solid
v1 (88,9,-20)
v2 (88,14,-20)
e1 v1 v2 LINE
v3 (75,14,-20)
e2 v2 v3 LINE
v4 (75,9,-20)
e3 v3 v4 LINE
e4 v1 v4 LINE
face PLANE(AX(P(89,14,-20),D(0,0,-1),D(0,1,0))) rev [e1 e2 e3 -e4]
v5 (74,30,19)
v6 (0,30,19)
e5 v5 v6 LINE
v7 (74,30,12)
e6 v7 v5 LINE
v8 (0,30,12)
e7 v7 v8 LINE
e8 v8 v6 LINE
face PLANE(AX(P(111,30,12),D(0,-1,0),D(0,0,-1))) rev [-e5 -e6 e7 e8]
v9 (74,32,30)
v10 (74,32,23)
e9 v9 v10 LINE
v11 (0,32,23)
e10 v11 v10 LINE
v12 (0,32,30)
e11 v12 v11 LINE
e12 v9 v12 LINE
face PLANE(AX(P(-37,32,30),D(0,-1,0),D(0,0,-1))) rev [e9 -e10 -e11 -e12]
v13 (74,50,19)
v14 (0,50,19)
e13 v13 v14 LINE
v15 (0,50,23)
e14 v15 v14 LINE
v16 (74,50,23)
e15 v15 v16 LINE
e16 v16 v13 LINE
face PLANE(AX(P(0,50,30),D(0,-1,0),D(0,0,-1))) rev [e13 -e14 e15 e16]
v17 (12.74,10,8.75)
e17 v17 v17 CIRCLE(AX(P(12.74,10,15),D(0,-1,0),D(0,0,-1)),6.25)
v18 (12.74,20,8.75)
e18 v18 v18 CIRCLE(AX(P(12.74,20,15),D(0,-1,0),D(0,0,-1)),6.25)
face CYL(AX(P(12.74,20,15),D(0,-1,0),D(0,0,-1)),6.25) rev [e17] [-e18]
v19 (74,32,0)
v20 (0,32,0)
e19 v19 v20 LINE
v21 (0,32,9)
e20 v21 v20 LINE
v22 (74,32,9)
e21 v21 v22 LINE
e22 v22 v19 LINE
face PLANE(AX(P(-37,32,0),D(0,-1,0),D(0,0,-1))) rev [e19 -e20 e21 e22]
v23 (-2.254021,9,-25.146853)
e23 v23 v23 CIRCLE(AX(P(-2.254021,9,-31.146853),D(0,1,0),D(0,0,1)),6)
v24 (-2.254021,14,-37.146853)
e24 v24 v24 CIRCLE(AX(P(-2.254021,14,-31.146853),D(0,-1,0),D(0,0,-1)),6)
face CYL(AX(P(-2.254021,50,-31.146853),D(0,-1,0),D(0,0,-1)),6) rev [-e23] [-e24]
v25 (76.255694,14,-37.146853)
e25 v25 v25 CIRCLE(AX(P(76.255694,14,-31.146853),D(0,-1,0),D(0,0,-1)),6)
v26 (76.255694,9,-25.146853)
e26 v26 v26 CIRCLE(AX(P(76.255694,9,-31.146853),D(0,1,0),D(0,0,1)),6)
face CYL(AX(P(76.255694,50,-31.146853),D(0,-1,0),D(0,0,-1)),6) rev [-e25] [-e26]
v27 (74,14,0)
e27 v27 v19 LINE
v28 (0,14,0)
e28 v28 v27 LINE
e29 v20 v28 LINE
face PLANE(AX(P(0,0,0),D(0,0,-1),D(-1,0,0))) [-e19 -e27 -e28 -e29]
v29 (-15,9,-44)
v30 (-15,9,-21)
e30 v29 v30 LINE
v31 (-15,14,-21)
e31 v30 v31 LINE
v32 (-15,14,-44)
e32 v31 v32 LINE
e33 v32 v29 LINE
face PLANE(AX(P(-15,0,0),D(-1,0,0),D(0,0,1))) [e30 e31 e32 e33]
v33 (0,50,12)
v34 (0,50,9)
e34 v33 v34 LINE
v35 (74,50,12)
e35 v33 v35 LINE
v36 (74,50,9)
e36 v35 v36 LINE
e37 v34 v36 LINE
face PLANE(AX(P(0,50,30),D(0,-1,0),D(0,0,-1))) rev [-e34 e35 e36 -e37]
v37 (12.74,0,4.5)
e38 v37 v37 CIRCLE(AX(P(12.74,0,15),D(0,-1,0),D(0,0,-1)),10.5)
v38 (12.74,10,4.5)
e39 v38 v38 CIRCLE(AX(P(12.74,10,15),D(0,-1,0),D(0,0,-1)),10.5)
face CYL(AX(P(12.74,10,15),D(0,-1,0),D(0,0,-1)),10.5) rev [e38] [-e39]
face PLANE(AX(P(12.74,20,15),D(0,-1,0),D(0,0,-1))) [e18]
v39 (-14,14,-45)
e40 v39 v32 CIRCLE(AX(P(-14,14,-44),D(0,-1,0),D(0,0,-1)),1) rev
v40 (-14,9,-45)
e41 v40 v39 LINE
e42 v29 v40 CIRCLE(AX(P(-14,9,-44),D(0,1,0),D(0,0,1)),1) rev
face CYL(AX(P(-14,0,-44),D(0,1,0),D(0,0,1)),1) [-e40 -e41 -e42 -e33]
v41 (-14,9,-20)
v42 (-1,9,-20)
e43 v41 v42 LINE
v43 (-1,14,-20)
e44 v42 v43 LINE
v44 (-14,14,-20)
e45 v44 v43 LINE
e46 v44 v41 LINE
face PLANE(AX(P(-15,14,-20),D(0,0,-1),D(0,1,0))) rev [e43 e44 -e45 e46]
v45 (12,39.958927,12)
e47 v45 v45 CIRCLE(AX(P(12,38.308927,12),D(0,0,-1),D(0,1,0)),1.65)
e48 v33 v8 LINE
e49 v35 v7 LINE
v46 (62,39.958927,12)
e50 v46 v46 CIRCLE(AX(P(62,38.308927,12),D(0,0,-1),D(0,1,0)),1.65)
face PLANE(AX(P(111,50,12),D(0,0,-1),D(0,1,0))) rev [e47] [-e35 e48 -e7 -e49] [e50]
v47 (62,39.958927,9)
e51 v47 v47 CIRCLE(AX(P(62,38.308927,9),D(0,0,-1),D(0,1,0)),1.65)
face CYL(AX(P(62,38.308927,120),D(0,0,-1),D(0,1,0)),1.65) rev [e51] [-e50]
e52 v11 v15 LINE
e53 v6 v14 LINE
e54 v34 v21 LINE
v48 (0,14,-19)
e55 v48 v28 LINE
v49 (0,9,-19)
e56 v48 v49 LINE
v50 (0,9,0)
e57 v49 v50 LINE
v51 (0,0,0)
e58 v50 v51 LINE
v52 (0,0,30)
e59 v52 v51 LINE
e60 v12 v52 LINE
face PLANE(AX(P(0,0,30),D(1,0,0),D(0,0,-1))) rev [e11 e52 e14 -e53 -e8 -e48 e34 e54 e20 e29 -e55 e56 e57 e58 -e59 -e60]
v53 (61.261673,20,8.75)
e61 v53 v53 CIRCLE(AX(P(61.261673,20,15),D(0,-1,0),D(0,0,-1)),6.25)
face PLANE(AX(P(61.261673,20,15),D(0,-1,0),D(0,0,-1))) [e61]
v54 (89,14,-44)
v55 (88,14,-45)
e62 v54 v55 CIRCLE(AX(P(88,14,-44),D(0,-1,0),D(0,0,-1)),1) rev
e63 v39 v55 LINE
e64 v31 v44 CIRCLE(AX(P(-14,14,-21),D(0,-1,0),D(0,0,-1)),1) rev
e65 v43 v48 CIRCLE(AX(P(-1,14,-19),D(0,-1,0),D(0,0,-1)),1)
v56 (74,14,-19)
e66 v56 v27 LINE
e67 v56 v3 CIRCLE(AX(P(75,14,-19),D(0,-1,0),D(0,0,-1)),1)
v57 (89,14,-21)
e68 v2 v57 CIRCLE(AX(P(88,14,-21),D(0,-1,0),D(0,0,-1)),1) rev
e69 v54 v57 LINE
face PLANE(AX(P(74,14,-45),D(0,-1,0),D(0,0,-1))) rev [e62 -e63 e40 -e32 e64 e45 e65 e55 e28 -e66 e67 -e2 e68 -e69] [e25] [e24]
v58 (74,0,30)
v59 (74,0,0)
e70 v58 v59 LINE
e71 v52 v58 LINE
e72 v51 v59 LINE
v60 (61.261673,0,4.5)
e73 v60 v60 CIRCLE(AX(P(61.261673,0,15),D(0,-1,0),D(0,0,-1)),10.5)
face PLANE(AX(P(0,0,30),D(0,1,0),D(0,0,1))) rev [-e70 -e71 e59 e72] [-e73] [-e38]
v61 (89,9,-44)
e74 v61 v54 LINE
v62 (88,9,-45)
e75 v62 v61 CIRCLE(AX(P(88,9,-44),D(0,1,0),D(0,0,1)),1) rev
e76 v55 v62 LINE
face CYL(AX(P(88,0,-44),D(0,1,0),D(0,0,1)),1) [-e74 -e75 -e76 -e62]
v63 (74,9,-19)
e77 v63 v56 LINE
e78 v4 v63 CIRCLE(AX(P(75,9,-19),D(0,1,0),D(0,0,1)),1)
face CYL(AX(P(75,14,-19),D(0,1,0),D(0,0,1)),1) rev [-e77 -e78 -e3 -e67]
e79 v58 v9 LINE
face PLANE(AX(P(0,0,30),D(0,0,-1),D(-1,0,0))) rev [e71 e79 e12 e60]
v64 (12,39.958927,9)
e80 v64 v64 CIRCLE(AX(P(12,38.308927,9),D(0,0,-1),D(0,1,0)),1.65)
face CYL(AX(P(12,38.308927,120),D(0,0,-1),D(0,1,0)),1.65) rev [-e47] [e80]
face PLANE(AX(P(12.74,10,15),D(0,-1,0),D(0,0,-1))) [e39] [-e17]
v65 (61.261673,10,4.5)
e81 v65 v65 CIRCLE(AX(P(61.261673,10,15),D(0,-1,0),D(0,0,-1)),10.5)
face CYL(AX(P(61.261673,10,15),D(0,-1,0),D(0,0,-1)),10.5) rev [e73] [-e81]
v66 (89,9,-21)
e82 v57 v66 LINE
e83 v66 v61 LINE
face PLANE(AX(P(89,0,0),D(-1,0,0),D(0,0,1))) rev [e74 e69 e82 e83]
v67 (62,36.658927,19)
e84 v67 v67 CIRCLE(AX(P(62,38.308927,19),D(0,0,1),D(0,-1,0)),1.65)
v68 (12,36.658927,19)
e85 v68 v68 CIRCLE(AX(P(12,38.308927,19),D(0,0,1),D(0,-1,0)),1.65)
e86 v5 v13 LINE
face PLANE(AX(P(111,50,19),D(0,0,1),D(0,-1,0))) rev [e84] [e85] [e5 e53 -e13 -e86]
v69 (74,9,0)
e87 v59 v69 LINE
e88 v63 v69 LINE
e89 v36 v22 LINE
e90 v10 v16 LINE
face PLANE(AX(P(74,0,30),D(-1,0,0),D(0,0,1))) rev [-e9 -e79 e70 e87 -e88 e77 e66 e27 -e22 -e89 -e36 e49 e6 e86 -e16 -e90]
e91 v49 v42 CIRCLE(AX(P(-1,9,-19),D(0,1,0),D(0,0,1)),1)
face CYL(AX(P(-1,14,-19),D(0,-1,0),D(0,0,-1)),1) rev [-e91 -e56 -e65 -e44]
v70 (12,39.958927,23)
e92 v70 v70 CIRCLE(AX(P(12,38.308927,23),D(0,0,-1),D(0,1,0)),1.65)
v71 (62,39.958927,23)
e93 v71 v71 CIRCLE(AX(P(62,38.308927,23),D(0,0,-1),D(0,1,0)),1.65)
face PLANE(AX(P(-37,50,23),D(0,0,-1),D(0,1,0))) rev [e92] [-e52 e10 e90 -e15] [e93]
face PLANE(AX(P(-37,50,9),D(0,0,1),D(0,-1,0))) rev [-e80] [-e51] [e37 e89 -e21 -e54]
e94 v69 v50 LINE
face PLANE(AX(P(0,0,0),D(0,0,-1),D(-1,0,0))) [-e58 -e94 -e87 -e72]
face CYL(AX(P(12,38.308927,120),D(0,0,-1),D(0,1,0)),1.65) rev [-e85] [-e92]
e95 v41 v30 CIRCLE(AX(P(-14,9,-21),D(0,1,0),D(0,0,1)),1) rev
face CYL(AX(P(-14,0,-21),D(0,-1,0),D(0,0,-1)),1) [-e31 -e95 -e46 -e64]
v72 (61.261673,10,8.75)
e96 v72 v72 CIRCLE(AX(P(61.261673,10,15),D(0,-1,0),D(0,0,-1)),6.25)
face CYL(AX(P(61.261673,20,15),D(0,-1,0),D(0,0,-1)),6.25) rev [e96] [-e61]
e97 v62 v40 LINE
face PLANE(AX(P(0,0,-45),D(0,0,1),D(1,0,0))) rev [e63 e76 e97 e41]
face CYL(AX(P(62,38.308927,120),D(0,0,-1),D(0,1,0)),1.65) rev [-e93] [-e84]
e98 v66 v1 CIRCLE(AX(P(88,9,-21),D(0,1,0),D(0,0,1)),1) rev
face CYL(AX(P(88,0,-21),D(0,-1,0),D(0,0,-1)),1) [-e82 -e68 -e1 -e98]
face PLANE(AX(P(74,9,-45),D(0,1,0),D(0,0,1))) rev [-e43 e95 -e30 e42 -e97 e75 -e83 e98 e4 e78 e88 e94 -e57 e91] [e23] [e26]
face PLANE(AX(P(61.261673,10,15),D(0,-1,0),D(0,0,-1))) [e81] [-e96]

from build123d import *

# Parameters (mm, degrees)
SKETCH1_W           = 74
SKETCH1_H           = 50
BOSS_EXTRUDE1_DEPTH = 30
SKETCH2_R           = 10.5
CUT_EXTRUDE1_DEPTH  = 10
SKETCH3_R           = 6.25
CUT_EXTRUDE2_DEPTH  = 10
SKETCH4_W           = 7
SKETCH4_H           = 20
CUT_EXTRUDE3_DEPTH  = 111
SKETCH5_W           = 7
SKETCH5_H           = 18
SKETCH5_W_2         = 9
CUT_EXTRUDE4_DEPTH  = 111
SKETCH6_R           = 1.65
CUT_EXTRUDE5_DEPTH  = 111
SKETCH7_W           = 74
SKETCH7_H           = 5
BOSS_EXTRUDE2_DEPTH = 45
SKETCH8_W           = 25
SKETCH8_H           = 5
BOSS_EXTRUDE3_DEPTH = 15
SKETCH9_W           = 25
SKETCH9_H           = 5
BOSS_EXTRUDE4_DEPTH = 15
SKETCH10_R          = 6
CUT_EXTRUDE6_DEPTH  = 50
FILLET1_R           = 1


with BuildPart() as part:
    # Sketch1 → Boss-Extrude1 (new body)
    with BuildSketch(Plane.XY):
        with Locations((37, 25)):
            Rectangle(SKETCH1_W, SKETCH1_H)
    extrude(amount=BOSS_EXTRUDE1_DEPTH)

    # Sketch2 → Cut-Extrude1 (cut)
    with BuildSketch(Plane.XZ):
        with Locations((12.74, 15)):
            Circle(SKETCH2_R)
        with Locations((61.26167258, 15)):
            Circle(SKETCH2_R)
    extrude(amount=-CUT_EXTRUDE1_DEPTH, mode=Mode.SUBTRACT)

    # Sketch3 → Cut-Extrude2 (cut)
    with BuildSketch(Plane.XZ.offset(-10)):
        with Locations((12.74, 15)):
            Circle(SKETCH3_R)
        with Locations((61.26167258, 15)):
            Circle(SKETCH3_R)
    extrude(amount=-CUT_EXTRUDE2_DEPTH, mode=Mode.SUBTRACT)

    # Sketch4 → Cut-Extrude3 (cut)
    with BuildSketch(Plane.ZY):
        with Locations((15.5, 40)):
            Rectangle(SKETCH4_W, SKETCH4_H)
    extrude(amount=-CUT_EXTRUDE3_DEPTH, mode=Mode.SUBTRACT)

    # Sketch5 → Cut-Extrude4 (cut)
    with BuildSketch(Plane(origin=(74, 0, 0), x_dir=(0, 0, -1), z_dir=(1, 0, 0))):
        with Locations((-26.5, 41)):
            Rectangle(SKETCH5_W, SKETCH5_H)
        with Locations((-4.5, 41)):
            Rectangle(SKETCH5_W_2, SKETCH5_H)
    extrude(amount=-CUT_EXTRUDE4_DEPTH, mode=Mode.SUBTRACT)

    # Sketch6 → Cut-Extrude5 (cut)
    with BuildSketch(Plane(origin=(0, 0, 9), x_dir=(-1, 0, 0), z_dir=(0, 0, -1))):
        with Locations((-62, 38.308927031)):
            Circle(SKETCH6_R)
        with Locations((-12, 38.308927031)):
            Circle(SKETCH6_R)
    extrude(amount=-CUT_EXTRUDE5_DEPTH, mode=Mode.SUBTRACT)

    # Sketch7 → Boss-Extrude2 (add)
    with BuildSketch(Plane(origin=(0, 0, 0), x_dir=(-1, 0, 0), z_dir=(0, 0, -1))):
        with Locations((-37, 11.5)):
            Rectangle(SKETCH7_W, SKETCH7_H)
    extrude(amount=BOSS_EXTRUDE2_DEPTH)

    # Sketch8 → Boss-Extrude3 (add)
    with BuildSketch(Plane(origin=(74, 0, 0), x_dir=(0, 0, -1), z_dir=(1, 0, 0))):
        with Locations((32.5, 11.5)):
            Rectangle(SKETCH8_W, SKETCH8_H)
    extrude(amount=BOSS_EXTRUDE3_DEPTH)

    # Sketch9 → Boss-Extrude4 (add)
    with BuildSketch(Plane.ZY):
        with Locations((-32.5, 11.5)):
            Rectangle(SKETCH9_W, SKETCH9_H)
    extrude(amount=BOSS_EXTRUDE4_DEPTH)

    # Sketch10 → Cut-Extrude6 (cut)
    with BuildSketch(Plane.XZ):
        with Locations((-2.254021422, -31.146852886)):
            Circle(SKETCH10_R)
        with Locations((76.255693998, -31.146852886)):
            Circle(SKETCH10_R)
    extrude(amount=-CUT_EXTRUDE6_DEPTH, mode=Mode.SUBTRACT)

    # Fillet1
    fillet1_edges = [part.edges().sort_by_distance(p)[0] for p in [
        (74, 11.5, -20),
        (89, 11.5, -45),
        (89, 11.5, -20),
        (0, 11.5, -20),
        (-15, 11.5, -45),
        (-15, 11.5, -20),
    ]]
    fillet(fillet1_edges, radius=FILLET1_R)


solid = part.part
